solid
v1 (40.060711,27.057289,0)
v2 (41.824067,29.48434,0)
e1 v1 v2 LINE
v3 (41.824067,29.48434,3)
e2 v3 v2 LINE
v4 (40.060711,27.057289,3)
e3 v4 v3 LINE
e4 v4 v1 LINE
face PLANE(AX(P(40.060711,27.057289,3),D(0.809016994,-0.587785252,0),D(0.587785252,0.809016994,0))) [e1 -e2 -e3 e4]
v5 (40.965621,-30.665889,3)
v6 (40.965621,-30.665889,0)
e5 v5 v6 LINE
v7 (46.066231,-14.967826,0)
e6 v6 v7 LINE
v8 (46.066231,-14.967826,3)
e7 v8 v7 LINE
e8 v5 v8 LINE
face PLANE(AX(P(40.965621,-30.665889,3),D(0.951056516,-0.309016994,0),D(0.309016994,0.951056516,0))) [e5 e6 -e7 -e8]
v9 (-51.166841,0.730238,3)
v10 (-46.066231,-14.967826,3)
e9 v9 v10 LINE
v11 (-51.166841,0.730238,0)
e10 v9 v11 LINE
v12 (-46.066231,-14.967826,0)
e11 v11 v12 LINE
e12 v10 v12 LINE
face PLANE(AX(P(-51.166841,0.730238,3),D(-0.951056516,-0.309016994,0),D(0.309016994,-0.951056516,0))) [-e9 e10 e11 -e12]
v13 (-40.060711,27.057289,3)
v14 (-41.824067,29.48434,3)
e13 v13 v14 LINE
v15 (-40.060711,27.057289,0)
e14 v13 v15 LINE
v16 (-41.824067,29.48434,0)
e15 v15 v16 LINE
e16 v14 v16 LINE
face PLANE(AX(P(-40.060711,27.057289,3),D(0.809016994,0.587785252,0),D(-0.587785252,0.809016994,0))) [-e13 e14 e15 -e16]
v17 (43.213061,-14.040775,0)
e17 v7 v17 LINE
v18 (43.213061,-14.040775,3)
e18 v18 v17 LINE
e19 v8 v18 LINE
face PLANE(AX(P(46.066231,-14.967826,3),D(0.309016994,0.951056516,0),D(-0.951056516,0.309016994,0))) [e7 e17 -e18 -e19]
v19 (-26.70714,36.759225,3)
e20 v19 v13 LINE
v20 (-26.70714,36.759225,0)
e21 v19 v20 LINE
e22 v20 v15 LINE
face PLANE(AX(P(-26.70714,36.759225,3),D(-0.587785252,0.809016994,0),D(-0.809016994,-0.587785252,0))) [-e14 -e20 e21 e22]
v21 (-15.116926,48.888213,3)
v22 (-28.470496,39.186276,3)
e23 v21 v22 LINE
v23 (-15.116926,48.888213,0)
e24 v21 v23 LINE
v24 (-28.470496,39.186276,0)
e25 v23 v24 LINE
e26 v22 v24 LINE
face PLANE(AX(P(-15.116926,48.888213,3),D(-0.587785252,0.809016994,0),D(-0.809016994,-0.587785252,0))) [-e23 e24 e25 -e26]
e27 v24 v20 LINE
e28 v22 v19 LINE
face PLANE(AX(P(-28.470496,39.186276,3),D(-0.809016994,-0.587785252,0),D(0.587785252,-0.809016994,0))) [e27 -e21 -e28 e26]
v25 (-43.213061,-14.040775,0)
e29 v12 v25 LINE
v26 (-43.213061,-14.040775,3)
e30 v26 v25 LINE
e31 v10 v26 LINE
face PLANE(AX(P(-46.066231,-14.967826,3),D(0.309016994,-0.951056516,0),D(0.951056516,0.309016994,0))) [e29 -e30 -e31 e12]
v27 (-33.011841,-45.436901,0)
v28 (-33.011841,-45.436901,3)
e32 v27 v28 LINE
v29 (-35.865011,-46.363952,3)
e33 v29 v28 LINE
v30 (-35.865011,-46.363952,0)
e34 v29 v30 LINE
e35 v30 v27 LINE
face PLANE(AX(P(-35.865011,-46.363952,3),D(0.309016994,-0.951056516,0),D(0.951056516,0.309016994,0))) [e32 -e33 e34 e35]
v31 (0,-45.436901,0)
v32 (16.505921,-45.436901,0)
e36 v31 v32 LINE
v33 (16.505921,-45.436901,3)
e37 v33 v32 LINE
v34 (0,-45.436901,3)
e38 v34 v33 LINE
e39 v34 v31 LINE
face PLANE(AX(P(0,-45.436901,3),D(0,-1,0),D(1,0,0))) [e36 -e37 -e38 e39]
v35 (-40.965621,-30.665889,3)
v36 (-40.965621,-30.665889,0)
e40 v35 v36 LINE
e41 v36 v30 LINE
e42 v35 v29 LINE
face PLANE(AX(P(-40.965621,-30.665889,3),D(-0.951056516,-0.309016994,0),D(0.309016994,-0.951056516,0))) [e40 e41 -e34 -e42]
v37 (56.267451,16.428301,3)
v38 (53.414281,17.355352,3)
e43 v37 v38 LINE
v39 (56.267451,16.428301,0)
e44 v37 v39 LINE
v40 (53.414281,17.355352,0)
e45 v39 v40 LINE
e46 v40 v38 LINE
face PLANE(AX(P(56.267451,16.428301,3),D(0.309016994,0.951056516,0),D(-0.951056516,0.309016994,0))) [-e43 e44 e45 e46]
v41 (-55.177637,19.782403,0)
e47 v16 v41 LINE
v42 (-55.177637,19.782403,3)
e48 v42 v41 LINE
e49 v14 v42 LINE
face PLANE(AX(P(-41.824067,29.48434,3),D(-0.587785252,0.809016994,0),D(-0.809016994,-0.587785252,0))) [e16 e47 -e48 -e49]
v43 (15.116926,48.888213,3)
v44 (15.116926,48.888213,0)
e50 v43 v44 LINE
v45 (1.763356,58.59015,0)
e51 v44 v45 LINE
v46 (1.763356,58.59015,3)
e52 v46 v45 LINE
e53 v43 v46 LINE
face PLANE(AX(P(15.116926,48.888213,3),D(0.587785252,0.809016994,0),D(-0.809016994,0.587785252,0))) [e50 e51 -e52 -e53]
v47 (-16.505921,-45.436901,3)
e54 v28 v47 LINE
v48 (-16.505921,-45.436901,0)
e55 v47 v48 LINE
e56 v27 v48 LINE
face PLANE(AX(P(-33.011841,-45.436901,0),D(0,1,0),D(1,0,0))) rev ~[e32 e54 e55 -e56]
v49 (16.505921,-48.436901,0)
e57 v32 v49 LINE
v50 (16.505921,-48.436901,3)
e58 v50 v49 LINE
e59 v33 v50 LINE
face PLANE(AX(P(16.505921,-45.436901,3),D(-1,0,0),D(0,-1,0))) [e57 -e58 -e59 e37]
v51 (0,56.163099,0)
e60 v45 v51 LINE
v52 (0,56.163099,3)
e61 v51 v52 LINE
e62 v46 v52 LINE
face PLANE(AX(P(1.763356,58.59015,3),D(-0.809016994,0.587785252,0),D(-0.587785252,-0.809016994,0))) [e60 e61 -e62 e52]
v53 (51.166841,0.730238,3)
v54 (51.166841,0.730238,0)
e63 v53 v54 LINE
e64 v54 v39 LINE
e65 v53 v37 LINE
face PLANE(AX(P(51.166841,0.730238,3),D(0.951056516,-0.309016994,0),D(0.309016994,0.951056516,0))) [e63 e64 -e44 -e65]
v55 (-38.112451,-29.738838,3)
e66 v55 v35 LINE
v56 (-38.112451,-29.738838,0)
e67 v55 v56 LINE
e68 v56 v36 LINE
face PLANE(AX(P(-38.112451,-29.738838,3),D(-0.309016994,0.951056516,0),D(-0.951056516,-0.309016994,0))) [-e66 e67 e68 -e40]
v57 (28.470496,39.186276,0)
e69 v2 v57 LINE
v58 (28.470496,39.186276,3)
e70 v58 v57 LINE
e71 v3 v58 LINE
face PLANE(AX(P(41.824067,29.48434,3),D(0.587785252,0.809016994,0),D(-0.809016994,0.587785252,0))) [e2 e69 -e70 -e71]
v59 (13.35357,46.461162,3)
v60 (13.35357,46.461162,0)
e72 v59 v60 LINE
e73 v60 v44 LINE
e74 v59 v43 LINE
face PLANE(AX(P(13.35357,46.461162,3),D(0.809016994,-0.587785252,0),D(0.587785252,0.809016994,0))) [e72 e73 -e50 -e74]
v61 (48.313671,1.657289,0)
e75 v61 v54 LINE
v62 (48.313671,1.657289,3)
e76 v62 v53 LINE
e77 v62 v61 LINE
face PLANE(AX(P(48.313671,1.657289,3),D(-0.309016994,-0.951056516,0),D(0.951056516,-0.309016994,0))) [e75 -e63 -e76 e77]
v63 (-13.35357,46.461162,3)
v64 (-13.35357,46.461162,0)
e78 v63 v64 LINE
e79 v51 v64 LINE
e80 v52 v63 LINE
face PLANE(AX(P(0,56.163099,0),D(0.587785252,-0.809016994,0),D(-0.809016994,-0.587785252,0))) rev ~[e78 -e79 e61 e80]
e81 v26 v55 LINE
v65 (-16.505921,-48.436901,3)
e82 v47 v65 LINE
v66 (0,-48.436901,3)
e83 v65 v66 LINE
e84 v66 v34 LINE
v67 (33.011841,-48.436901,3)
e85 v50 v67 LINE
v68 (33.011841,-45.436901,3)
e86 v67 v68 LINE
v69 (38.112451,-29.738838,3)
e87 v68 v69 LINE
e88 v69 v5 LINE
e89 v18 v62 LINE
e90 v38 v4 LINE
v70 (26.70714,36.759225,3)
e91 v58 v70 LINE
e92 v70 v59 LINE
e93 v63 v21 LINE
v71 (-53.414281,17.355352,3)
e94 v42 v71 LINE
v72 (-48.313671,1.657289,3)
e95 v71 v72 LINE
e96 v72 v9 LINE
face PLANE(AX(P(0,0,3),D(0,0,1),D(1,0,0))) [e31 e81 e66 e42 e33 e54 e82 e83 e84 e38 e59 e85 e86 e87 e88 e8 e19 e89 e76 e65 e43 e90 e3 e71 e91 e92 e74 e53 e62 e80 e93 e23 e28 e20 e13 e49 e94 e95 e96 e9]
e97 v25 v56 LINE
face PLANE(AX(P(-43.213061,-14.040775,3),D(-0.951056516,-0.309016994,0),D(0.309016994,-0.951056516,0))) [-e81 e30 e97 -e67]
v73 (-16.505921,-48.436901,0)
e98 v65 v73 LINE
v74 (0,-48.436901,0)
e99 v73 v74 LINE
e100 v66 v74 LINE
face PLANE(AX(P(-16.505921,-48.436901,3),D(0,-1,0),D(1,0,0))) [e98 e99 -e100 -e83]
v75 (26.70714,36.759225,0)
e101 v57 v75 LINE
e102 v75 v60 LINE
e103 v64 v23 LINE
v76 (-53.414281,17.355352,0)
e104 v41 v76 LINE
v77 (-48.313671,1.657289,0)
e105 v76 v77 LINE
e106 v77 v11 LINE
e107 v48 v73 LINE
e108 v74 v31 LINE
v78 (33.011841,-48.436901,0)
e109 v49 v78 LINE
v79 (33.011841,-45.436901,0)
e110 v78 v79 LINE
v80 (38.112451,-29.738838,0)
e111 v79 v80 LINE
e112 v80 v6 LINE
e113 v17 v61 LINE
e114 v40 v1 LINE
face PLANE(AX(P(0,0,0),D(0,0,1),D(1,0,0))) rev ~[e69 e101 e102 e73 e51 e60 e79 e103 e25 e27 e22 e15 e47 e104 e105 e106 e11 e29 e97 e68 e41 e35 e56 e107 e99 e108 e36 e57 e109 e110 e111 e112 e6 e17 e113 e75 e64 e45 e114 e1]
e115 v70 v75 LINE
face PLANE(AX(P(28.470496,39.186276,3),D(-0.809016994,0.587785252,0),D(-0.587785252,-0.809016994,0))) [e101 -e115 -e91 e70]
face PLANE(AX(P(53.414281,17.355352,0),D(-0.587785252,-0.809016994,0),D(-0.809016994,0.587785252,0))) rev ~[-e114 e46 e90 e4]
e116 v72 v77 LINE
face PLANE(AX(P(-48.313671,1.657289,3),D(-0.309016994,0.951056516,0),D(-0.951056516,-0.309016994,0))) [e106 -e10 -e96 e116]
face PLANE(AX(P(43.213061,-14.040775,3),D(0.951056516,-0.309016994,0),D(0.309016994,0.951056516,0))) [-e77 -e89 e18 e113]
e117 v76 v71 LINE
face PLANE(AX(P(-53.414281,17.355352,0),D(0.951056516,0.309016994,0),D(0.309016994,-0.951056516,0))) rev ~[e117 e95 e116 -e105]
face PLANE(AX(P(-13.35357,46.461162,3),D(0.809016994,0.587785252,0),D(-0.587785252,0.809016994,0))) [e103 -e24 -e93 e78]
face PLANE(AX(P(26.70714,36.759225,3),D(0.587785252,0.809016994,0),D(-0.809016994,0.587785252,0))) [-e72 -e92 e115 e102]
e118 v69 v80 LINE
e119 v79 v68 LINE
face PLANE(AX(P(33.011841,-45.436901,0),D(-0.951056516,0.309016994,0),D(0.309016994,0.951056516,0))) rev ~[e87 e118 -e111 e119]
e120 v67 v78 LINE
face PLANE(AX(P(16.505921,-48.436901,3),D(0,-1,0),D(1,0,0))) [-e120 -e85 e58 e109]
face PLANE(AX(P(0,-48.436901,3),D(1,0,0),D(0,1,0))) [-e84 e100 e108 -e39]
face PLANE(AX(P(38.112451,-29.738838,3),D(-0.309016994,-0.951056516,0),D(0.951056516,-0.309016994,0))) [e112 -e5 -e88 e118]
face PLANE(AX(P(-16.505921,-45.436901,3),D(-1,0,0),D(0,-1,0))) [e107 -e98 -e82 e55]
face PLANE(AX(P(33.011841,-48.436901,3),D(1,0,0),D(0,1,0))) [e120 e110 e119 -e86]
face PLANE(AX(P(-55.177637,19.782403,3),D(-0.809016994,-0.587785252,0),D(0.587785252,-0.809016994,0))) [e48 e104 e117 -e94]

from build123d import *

# Parameters (mm, degrees)
F2_DEPTH = 3
F4_DEPTH = 3


with BuildPart() as f2:
    # F0 (on Top) → F2 (new body)
    with BuildSketch(Plane.XY):
        Polygon((53.4142809913, 17.3553519542), (0, 56.1630986972), (-53.4142809913, 17.3553519542), (-33.0118411373, -45.4369013028), (33.0118411373, -45.4369013028), align=None)
    extrude(amount=F2_DEPTH)

    # F3 (on face) → F4 (join)
    with BuildSketch(Plane.XY.offset(3)):
        Polygon((15.1169260047, 48.8882129946), (1.7633557569, 58.5901496803), (0, 56.1630986972), (-13.3535702478, 46.4611620115), (-15.1169260047, 48.8882129946), (-28.4704962525, 39.1862763088), (-26.7071404957, 36.7592253257), (-40.0607107435, 27.0572886399), (-41.8240665004, 29.4843396231), (-55.1776367482, 19.7824029373), (-53.4142809913, 17.3553519542), (-48.3136710278, 1.6572886399), (-51.1668405767, 0.7302376568), (-46.0662306132, -14.9678256574), (-43.2130610643, -14.0407746743), (-38.1124511008, -29.7388379885), (-40.9656206497, -30.6658889717), (-35.8650106861, -46.3639522859), (-33.0118411373, -45.4369013028), (-16.5059205686, -45.4369013028), (-16.5059205686, -48.4369013028), (0, -48.4369013028), (0, -45.4369013028), (16.5059205686, -45.4369013028), (16.5059205686, -48.4369013028), (33.0118411373, -48.4369013028), (33.0118411373, -45.4369013028), (38.1124511008, -29.7388379885), (40.9656206497, -30.6658889717), (46.0662306132, -14.9678256574), (43.2130610643, -14.0407746743), (48.3136710278, 1.6572886399), (51.1668405767, 0.7302376568), (56.2674505402, 16.4283009711), (53.4142809913, 17.3553519542), (40.0607107435, 27.0572886399), (41.8240665004, 29.4843396231), (28.4704962525, 39.1862763088), (26.7071404957, 36.7592253257), (13.3535702478, 46.4611620115), align=None)
    extrude(amount=-F4_DEPTH)


solid = f2.part
